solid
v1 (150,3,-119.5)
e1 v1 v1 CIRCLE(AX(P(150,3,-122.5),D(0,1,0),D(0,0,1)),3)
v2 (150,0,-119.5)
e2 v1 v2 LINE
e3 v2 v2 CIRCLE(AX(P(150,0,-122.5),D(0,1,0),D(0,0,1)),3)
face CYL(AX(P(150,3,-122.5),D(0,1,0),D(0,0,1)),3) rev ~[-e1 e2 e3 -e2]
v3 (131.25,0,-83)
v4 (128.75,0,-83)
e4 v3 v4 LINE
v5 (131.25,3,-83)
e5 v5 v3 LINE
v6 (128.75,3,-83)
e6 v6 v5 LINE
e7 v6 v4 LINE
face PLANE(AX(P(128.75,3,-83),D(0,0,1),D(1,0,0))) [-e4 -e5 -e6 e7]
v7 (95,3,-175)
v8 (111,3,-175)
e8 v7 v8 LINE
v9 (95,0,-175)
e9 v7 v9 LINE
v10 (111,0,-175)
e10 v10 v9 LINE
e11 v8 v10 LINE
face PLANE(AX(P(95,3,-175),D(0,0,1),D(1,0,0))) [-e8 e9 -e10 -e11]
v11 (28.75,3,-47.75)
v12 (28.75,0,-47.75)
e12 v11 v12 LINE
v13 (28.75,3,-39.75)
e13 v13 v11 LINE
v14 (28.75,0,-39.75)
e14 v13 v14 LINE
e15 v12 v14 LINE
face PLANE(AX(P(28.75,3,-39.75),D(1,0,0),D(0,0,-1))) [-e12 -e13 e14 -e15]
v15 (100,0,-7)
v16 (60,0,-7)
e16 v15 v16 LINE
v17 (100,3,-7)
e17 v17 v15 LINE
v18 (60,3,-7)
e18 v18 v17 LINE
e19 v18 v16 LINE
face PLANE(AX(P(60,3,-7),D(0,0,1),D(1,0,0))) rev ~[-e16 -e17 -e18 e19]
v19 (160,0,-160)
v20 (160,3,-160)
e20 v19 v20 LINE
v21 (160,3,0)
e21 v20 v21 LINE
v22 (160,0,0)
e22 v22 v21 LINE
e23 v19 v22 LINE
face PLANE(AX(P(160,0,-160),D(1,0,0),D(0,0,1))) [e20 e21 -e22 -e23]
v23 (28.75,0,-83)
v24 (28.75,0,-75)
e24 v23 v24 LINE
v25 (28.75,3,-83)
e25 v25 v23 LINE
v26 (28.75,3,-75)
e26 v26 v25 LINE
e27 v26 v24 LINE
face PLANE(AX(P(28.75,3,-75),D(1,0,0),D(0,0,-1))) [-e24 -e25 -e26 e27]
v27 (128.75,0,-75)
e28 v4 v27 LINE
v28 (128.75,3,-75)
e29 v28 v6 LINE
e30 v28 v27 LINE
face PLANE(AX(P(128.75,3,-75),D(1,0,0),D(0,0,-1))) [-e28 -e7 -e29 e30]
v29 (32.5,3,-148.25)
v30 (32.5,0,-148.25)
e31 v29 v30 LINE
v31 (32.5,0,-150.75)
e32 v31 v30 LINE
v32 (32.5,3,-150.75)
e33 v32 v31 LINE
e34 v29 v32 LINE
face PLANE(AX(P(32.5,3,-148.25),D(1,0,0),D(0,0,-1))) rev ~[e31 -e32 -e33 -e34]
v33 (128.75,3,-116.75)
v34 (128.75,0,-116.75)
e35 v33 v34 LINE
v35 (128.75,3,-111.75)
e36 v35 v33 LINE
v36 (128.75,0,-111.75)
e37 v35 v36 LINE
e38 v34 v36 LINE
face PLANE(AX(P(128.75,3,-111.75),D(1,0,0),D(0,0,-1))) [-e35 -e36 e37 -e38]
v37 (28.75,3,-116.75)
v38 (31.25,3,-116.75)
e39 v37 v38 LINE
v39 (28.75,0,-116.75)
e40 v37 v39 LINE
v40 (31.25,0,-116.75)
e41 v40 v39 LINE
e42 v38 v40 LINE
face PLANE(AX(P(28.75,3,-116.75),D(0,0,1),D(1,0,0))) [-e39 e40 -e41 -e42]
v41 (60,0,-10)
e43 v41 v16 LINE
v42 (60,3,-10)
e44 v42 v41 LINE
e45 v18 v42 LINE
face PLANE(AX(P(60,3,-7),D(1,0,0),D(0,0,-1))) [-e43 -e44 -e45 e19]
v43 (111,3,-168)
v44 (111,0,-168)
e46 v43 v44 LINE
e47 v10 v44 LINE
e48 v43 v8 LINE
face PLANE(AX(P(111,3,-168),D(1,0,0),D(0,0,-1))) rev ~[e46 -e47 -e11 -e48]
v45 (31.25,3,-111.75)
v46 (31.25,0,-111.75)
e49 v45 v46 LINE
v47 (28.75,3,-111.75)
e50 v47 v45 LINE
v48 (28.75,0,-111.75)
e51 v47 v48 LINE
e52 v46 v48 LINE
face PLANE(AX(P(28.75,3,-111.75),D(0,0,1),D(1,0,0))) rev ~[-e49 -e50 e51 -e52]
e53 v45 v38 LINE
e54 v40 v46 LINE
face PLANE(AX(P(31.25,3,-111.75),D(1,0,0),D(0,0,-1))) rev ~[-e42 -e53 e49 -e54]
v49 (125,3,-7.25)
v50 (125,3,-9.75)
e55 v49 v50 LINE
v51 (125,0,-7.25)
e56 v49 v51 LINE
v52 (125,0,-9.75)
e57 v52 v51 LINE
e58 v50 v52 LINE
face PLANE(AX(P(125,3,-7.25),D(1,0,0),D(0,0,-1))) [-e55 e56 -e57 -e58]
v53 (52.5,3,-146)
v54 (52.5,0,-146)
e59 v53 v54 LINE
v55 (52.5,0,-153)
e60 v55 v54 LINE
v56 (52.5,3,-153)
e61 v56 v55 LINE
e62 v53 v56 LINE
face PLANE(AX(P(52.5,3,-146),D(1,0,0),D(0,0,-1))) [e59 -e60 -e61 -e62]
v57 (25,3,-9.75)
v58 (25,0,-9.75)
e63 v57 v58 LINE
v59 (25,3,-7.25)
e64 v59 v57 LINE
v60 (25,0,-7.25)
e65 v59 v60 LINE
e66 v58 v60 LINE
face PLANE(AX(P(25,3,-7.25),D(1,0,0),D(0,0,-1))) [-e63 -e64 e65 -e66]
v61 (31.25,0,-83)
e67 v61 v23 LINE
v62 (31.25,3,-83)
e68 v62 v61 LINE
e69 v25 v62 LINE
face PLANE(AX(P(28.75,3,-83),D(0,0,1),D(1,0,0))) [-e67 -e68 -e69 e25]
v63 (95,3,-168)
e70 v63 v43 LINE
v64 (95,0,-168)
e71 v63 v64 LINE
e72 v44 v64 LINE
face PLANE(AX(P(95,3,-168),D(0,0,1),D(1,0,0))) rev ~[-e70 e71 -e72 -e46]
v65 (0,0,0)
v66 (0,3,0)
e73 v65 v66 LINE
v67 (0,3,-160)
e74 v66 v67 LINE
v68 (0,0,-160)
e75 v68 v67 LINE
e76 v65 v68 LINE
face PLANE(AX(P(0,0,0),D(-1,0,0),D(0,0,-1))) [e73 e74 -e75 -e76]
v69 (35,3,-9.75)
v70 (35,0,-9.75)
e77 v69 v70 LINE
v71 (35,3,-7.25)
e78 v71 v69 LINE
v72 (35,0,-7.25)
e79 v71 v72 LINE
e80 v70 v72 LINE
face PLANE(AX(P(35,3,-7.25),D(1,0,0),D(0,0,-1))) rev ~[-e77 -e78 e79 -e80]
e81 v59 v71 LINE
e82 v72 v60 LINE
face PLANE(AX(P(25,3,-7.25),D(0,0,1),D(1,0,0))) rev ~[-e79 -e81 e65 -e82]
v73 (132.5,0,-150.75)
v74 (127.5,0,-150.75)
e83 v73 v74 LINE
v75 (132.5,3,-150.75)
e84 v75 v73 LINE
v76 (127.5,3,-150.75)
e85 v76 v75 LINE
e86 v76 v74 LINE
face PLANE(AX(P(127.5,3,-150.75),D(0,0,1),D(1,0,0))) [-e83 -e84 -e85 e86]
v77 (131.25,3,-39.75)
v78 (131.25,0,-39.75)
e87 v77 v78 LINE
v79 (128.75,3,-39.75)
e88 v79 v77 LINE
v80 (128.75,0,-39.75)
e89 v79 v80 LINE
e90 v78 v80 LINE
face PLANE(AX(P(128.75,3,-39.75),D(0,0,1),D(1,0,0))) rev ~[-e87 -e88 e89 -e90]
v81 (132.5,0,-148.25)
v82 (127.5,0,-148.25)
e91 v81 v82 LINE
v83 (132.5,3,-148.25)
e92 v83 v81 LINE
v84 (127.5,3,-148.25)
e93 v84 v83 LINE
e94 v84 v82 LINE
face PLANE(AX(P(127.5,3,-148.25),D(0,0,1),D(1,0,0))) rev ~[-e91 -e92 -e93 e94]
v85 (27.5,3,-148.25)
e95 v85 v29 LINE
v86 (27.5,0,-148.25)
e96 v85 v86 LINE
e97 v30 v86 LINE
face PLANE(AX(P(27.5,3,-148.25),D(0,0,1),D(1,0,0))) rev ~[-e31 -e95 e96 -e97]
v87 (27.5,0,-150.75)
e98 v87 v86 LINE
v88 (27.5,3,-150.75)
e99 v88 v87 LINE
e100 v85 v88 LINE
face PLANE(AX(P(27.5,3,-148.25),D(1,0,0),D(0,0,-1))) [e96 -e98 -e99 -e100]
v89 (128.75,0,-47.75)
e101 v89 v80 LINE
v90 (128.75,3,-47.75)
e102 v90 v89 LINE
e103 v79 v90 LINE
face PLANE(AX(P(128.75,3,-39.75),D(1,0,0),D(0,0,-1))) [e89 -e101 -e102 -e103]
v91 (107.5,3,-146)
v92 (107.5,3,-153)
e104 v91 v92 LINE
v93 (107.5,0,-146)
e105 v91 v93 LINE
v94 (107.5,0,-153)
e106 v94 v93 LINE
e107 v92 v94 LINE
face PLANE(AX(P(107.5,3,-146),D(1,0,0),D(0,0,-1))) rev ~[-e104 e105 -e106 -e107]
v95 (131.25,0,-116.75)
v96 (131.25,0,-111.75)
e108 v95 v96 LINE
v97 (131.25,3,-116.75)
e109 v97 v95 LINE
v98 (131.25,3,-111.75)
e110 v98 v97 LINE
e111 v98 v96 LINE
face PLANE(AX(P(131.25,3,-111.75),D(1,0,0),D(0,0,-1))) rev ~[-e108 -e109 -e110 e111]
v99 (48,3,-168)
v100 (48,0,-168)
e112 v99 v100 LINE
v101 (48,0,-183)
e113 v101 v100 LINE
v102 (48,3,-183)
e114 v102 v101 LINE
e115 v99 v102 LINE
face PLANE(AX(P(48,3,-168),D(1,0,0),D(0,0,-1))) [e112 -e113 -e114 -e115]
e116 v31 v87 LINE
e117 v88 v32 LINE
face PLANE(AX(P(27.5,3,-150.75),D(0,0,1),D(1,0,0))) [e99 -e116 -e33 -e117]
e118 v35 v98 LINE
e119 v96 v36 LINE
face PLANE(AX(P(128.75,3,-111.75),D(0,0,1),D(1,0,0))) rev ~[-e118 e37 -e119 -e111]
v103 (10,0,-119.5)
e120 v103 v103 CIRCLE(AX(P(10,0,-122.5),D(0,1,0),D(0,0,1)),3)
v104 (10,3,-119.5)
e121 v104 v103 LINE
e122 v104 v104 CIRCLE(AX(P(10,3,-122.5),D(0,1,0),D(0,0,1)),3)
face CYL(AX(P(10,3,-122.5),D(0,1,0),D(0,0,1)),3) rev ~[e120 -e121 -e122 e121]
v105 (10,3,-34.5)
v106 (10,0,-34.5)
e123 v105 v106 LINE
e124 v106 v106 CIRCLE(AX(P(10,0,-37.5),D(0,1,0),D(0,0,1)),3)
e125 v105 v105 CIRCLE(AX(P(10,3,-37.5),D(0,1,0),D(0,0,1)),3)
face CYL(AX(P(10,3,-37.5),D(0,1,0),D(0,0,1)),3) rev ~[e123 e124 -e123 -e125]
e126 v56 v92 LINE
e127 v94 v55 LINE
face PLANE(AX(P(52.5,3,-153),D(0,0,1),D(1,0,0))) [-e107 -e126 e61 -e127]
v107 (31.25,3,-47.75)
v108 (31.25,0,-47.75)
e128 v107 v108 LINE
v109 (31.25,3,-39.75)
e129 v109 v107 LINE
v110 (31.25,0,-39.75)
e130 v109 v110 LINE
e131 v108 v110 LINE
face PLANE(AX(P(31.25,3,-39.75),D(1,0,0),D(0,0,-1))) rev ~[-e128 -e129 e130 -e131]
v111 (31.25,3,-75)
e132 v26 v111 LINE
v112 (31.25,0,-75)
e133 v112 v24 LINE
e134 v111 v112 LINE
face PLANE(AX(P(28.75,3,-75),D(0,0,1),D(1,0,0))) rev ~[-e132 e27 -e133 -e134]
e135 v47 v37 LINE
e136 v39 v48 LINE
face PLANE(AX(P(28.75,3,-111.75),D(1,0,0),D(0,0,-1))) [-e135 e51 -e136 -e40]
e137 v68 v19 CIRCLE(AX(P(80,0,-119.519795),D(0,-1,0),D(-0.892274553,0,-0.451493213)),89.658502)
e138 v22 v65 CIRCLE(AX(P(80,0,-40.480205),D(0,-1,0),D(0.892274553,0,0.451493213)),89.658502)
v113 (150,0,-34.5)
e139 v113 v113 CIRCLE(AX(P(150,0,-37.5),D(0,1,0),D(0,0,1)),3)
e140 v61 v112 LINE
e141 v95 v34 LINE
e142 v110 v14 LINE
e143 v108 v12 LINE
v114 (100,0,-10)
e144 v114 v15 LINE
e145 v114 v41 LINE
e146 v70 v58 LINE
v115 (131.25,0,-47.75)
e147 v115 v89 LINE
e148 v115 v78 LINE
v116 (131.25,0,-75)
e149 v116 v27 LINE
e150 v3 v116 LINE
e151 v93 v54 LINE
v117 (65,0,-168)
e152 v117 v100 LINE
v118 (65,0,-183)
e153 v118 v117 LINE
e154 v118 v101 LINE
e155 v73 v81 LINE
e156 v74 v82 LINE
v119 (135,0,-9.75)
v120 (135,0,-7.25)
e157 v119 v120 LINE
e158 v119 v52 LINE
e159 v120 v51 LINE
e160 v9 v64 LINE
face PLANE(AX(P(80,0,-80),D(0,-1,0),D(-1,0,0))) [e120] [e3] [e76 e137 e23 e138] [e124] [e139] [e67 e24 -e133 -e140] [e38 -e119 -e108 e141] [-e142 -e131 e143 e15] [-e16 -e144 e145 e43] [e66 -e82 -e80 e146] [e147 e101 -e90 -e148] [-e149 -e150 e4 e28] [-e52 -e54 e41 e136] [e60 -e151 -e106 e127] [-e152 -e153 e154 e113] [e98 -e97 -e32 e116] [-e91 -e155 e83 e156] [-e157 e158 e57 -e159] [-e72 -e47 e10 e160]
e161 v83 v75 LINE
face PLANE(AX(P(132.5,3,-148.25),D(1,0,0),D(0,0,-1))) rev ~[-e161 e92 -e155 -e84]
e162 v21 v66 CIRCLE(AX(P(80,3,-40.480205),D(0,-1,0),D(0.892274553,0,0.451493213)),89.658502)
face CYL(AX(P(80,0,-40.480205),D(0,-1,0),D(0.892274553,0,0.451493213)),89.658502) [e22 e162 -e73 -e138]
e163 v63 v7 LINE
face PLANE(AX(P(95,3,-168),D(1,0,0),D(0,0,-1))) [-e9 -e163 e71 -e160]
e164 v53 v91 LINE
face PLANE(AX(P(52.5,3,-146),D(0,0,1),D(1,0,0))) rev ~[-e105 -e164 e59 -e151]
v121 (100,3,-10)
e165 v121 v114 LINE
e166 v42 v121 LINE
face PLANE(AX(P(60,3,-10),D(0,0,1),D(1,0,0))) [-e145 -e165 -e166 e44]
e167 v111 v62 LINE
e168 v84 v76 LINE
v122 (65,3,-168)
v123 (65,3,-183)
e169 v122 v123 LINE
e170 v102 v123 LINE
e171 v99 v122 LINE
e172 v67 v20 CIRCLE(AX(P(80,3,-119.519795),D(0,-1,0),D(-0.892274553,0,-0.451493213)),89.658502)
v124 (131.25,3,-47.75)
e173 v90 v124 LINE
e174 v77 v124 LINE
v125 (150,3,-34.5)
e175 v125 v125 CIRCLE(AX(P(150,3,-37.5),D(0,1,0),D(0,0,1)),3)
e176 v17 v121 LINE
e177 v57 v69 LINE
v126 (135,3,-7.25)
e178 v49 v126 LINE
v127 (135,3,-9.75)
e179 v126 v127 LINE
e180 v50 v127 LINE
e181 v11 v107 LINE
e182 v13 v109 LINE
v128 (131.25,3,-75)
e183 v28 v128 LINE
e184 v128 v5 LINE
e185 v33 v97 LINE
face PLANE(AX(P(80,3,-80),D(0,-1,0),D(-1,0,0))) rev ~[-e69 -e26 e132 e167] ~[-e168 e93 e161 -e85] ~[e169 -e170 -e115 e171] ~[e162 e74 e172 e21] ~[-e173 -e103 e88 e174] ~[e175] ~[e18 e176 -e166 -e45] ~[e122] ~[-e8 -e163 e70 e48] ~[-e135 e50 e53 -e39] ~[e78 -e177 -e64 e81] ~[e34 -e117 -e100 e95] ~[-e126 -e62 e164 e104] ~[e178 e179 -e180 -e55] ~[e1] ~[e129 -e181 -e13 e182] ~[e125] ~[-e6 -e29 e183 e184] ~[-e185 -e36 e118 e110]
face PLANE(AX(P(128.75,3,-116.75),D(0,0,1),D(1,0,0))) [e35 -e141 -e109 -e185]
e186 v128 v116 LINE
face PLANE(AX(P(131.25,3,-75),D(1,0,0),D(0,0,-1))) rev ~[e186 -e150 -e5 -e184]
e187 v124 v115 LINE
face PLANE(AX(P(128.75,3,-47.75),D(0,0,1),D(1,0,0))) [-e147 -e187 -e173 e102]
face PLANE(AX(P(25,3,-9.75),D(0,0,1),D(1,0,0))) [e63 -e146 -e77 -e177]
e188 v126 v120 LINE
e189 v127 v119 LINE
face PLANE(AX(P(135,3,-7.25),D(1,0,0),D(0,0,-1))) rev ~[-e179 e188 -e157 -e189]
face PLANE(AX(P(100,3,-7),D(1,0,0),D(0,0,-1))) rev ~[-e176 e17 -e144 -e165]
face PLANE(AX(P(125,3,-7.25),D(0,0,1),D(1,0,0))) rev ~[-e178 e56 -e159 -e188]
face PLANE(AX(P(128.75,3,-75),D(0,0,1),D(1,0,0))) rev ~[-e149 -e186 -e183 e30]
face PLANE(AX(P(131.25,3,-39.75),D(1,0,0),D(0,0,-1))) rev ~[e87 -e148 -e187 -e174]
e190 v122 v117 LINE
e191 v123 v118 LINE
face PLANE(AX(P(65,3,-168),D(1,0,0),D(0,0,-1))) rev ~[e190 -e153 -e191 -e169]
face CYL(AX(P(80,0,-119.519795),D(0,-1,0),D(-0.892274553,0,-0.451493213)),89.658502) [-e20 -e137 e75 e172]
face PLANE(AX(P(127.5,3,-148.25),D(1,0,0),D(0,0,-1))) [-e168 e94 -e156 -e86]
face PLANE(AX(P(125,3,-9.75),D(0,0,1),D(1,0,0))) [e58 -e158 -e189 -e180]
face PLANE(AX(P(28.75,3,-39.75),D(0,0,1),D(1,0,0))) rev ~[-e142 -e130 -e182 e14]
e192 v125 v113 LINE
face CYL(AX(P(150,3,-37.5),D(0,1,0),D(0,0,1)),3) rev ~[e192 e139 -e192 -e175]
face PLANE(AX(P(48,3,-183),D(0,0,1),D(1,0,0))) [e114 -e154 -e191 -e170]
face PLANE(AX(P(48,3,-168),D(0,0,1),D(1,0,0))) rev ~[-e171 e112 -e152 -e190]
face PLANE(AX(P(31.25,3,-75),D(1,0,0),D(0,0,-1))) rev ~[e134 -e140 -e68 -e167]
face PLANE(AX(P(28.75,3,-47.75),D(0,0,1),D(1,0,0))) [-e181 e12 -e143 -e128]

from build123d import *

# Parameters (mm, degrees)
BOSS_EXTRUDE1_DEPTH = 3
SKETCH5_R           = 3
CUT_EXTRUDE2_DEPTH  = 44
SKETCH8_W           = 55
SKETCH8_H           = 7
SKETCH8_W_2         = 2.5
SKETCH8_H_2         = 8
SKETCH8_W_3         = 40
SKETCH8_H_3         = 3
SKETCH8_W_4         = 5
SKETCH8_H_4         = 2.5
SKETCH8_H_5         = 5
SKETCH8_W_5         = 10
CUT_EXTRUDE5_DEPTH  = 31
SKETCH9_W           = 17
SKETCH9_H           = 15
SKETCH9_W_2         = 16
SKETCH9_H_2         = 7
CUT_EXTRUDE6_DEPTH  = 29


with BuildPart() as part:
    # Sketch1 → Boss-Extrude1 (new body)
    with BuildSketch(Plane(origin=(0, 0, 0), x_dir=(1, 0, 0), z_dir=(0, 1, 0))):
        with BuildLine():
            Line((0, 0), (0, 160))
            ThreePointArc((0, 160), (80, 209.178296965), (160, 160))
            Line((160, 160), (160, 0))
            ThreePointArc((160, 0), (80, -49.178296965), (0, 0))
        make_face()
    extrude(amount=BOSS_EXTRUDE1_DEPTH)

    # Sketch5 → Cut-Extrude2 (cut)
    with BuildSketch(Plane(origin=(0, 3, 0), x_dir=(1, 0, 0), z_dir=(0, 1, 0))):
        with Locations(Location((10, 37.5, 0), (0, 0, 270))):
            Circle(SKETCH5_R)
        with Locations(Location((150, 37.5, 0), (0, 0, 270))):
            Circle(SKETCH5_R)
        with Locations(Location((150, 122.5, 0), (0, 0, 270))):
            Circle(SKETCH5_R)
        with Locations(Location((10, 122.5, 0), (0, 0, 270))):
            Circle(SKETCH5_R)
    extrude(amount=-CUT_EXTRUDE2_DEPTH, mode=Mode.SUBTRACT)

    # Sketch8 → Cut-Extrude5 (cut)
    with BuildSketch(Plane(origin=(0, 3, 0), x_dir=(1, 0, 0), z_dir=(0, 1, 0))):
        with Locations((80, 149.5)):
            Rectangle(SKETCH8_W, SKETCH8_H)
        with Locations((30, 43.75)):
            Rectangle(SKETCH8_W_2, SKETCH8_H_2)
        with Locations((80, 8.5)):
            Rectangle(SKETCH8_W_3, SKETCH8_H_3)
        with Locations((30, 149.5)):
            Rectangle(SKETCH8_W_4, SKETCH8_H_4)
        with Locations((130, 149.5)):
            Rectangle(SKETCH8_W_4, SKETCH8_H_4)
        with Locations((130, 114.25)):
            Rectangle(SKETCH8_W_2, SKETCH8_H_5)
        with Locations((30, 114.25)):
            Rectangle(SKETCH8_W_2, SKETCH8_H_5)
        with Locations((30, 79)):
            Rectangle(SKETCH8_W_2, SKETCH8_H_2)
        with Locations((130, 79)):
            Rectangle(SKETCH8_W_2, SKETCH8_H_2)
        with Locations((30, 8.5)):
            Rectangle(SKETCH8_W_5, SKETCH8_H_4)
        with Locations((130, 8.5)):
            Rectangle(SKETCH8_W_5, SKETCH8_H_4)
        with Locations((130, 43.75)):
            Rectangle(SKETCH8_W_2, SKETCH8_H_2)
    extrude(amount=-CUT_EXTRUDE5_DEPTH, mode=Mode.SUBTRACT)

    # Sketch9 → Cut-Extrude6 (cut)
    with BuildSketch(Plane(origin=(0, 3, 0), x_dir=(1, 0, 0), z_dir=(0, 1, 0))):
        with Locations((56.5, 175.5)):
            Rectangle(SKETCH9_W, SKETCH9_H)
        with Locations((103, 171.5)):
            Rectangle(SKETCH9_W_2, SKETCH9_H_2)
    extrude(amount=-CUT_EXTRUDE6_DEPTH, mode=Mode.SUBTRACT)


solid = part.part
